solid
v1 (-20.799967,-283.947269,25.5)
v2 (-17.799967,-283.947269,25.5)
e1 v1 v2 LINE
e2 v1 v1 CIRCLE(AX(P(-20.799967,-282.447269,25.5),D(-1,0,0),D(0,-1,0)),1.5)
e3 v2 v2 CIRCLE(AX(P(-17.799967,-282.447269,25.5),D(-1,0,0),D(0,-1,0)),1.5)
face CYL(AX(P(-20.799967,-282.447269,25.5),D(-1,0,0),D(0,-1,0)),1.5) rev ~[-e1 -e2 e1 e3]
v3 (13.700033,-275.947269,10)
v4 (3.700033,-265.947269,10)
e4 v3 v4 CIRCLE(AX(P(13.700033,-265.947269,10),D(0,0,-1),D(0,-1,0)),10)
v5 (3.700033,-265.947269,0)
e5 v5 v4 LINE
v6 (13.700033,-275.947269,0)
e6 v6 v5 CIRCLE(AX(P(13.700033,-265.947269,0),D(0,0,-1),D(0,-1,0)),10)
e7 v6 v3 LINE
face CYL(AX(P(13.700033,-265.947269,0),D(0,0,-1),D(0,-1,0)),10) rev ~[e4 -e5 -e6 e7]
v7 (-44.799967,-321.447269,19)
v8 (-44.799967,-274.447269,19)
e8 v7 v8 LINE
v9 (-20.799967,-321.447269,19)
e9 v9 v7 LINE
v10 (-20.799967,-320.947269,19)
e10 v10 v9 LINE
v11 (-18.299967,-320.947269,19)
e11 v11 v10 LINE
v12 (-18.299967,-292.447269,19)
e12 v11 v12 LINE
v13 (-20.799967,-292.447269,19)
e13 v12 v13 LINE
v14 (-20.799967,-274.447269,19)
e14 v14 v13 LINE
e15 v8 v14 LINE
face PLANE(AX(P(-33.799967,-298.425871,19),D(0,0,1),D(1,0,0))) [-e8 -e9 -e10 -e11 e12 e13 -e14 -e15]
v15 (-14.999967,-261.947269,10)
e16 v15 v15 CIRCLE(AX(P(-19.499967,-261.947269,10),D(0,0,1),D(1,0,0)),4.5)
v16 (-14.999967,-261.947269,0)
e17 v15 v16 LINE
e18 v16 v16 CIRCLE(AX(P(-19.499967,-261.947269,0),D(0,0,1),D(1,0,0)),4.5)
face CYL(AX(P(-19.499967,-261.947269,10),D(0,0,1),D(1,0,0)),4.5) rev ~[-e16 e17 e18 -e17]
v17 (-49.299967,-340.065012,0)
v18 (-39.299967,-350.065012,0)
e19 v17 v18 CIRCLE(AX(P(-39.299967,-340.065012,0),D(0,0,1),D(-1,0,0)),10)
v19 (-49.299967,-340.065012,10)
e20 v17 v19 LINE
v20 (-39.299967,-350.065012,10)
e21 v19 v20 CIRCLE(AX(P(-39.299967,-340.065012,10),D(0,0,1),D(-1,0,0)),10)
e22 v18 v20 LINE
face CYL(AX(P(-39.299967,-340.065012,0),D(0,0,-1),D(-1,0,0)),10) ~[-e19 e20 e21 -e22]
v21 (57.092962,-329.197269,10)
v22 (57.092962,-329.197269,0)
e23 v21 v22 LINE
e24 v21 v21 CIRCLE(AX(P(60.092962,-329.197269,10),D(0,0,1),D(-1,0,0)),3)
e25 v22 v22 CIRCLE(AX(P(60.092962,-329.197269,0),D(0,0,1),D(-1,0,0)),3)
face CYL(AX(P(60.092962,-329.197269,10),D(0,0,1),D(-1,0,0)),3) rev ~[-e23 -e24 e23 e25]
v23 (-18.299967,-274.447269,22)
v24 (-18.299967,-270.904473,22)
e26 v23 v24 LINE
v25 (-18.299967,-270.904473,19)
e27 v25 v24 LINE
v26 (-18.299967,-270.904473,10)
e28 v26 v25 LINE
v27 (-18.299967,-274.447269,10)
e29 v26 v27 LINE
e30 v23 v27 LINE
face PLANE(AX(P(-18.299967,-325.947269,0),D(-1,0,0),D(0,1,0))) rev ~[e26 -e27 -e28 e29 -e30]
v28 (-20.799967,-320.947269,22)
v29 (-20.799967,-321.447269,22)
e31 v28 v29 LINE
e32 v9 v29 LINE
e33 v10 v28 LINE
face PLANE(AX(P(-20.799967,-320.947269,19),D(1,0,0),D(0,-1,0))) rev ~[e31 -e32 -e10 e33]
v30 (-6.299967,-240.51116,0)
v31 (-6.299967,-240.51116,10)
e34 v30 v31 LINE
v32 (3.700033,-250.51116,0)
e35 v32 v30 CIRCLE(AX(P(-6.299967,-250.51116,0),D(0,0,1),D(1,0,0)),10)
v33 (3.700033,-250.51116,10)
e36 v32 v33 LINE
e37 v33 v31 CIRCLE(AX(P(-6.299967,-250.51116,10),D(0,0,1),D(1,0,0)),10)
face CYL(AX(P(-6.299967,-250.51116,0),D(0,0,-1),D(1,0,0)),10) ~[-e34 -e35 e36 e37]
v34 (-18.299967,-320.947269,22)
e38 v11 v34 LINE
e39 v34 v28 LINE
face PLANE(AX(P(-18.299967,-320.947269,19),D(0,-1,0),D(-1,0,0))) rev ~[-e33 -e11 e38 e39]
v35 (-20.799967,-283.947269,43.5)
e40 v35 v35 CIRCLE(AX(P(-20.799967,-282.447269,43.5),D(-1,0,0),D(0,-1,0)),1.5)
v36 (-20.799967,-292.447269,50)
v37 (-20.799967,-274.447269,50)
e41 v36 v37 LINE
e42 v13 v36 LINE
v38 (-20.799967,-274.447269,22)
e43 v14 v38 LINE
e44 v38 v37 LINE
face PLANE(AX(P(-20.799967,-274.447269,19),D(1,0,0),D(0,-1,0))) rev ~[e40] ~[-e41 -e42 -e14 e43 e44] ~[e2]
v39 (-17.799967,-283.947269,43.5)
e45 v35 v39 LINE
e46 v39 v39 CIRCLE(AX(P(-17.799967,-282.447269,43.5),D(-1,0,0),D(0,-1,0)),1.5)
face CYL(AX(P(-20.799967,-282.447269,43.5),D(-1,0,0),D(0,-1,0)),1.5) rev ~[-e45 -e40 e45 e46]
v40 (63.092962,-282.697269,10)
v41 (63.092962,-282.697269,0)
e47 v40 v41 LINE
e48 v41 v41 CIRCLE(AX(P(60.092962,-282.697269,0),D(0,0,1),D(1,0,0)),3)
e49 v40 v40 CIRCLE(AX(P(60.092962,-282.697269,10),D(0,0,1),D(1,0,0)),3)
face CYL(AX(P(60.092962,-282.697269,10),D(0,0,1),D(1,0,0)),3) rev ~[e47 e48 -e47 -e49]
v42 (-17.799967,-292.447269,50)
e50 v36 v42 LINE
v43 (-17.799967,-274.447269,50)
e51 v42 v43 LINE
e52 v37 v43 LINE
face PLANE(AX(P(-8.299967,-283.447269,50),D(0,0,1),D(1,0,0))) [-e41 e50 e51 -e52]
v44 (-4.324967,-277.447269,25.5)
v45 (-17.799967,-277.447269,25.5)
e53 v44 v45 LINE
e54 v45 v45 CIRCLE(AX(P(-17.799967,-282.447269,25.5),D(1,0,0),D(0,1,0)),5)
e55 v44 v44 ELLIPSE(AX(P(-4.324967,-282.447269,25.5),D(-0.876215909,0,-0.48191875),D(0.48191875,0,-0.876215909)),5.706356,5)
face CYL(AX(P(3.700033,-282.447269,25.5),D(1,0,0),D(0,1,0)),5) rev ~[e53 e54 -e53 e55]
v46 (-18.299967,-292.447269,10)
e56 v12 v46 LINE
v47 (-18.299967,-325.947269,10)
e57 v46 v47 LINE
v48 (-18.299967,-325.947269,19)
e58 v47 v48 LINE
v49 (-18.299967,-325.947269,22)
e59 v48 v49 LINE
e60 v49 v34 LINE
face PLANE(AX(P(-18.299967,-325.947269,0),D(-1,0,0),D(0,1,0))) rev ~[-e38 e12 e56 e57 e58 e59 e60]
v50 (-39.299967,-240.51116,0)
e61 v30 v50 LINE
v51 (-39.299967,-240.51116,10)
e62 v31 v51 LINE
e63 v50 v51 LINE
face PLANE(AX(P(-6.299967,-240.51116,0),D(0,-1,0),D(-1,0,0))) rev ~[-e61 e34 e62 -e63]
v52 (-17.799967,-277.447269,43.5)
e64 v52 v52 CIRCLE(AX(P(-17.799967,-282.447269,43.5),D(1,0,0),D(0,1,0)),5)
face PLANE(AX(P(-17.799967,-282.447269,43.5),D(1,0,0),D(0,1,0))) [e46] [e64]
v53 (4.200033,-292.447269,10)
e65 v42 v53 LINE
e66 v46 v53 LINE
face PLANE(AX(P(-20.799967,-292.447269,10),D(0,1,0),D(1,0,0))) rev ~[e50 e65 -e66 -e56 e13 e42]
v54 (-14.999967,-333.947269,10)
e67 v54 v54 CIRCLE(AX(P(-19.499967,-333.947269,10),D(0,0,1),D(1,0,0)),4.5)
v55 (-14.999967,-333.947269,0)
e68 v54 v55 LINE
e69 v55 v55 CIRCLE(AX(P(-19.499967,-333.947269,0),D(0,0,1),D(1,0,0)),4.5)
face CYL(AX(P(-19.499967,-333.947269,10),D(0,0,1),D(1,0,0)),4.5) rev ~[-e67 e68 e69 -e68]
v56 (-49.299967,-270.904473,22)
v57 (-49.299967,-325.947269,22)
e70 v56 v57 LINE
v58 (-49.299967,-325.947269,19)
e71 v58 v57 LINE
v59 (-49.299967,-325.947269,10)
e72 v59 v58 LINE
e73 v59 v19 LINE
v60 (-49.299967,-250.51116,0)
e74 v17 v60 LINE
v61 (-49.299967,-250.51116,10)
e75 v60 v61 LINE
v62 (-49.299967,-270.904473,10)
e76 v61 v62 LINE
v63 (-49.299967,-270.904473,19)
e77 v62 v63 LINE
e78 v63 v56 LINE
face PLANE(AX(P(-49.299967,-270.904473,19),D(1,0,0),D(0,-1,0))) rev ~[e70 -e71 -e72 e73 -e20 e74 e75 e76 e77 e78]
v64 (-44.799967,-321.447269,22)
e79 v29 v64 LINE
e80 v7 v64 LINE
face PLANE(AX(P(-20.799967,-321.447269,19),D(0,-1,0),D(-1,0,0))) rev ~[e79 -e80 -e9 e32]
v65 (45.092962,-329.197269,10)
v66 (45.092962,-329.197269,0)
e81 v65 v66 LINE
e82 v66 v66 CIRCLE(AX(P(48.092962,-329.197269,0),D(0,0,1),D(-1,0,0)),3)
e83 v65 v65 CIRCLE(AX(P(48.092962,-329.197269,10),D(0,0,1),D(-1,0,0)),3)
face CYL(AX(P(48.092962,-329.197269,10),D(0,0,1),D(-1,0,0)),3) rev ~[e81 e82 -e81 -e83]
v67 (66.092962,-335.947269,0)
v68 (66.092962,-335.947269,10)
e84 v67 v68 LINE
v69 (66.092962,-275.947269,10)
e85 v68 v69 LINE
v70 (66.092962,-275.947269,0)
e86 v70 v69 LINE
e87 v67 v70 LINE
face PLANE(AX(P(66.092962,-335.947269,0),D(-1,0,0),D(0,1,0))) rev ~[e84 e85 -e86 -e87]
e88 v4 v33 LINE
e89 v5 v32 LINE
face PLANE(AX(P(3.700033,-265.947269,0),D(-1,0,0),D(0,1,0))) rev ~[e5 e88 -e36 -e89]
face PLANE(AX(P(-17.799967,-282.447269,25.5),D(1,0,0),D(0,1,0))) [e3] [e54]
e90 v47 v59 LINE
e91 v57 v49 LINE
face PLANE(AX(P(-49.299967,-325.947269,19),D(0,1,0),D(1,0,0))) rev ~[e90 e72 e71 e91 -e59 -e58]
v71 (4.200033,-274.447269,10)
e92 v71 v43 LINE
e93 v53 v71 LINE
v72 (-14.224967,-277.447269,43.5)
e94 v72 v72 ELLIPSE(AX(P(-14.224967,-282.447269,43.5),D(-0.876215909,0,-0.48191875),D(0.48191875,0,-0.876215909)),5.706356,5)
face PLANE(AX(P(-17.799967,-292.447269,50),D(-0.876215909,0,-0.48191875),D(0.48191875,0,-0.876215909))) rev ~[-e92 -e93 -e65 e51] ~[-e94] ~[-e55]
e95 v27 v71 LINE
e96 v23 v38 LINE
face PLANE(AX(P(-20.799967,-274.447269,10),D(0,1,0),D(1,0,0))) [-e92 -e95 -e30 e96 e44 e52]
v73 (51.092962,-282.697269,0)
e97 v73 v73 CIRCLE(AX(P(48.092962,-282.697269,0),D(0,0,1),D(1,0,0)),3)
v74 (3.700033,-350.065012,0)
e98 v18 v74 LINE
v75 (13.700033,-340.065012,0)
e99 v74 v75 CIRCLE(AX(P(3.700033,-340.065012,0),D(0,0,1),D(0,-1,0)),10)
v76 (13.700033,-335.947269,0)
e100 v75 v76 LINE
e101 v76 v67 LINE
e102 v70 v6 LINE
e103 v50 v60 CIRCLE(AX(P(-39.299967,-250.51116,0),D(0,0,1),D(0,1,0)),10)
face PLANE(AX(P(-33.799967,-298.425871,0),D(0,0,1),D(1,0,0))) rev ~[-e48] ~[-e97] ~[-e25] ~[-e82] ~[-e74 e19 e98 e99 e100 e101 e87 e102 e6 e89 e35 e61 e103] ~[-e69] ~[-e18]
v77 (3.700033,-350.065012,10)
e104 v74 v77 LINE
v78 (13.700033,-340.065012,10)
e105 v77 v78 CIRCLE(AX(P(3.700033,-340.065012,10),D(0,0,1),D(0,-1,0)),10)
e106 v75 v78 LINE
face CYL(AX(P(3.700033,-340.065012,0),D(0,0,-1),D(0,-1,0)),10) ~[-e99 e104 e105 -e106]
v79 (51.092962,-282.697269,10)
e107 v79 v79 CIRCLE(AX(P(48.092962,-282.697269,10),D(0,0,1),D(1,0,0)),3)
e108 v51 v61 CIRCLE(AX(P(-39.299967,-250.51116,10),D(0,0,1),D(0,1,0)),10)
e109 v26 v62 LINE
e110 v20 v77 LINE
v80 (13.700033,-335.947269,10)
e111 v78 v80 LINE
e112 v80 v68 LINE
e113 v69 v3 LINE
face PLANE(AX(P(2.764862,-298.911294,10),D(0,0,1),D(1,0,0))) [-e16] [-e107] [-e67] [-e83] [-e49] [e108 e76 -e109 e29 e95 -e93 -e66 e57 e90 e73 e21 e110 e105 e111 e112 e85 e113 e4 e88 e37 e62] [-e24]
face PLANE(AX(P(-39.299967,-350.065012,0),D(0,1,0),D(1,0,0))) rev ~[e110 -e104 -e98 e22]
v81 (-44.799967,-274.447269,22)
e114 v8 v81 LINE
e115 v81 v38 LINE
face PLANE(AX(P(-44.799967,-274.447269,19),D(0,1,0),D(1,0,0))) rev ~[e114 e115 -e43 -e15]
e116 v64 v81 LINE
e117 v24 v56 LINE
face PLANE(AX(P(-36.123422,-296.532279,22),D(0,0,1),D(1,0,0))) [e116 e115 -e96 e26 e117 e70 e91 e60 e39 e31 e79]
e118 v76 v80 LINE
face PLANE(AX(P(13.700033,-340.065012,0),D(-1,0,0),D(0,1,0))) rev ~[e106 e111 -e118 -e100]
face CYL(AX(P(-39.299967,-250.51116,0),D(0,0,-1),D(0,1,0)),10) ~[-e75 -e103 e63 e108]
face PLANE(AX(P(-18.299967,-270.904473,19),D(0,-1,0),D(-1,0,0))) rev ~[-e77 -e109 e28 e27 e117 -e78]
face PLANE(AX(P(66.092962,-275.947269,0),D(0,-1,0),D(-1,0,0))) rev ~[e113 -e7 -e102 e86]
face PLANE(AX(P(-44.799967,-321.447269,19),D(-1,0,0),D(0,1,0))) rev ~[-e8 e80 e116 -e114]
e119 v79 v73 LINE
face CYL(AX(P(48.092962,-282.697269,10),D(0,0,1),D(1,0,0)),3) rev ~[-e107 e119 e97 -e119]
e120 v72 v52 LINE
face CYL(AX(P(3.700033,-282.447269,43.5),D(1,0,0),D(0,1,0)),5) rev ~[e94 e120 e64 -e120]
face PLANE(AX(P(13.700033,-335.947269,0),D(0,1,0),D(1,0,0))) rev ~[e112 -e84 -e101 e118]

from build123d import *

# Parameters (mm, degrees)
BOSS_EXTRUDE1_DEPTH = 10
SKETCH1_3_W         = 31
SKETCH1_3_H         = 55.042796233
BOSS_EXTRUDE2_DEPTH = 19
BOSS_EXTRUDE3_DEPTH = 3
SKETCH8_W           = 25
SKETCH8_H           = 18
BOSS_EXTRUDE4_DEPTH = 40
CUT_EXTRUDE2_DEPTH  = 101.93603831
SKETCH11_R          = 1.5
CUT_EXTRUDE3_DEPTH  = 365.137190302
SKETCH12_R          = 5
CUT_EXTRUDE4_DEPTH  = 21.5
SKETCH13_R          = 4.5
CUT_EXTRUDE5_DEPTH  = 359.488203344
SKETCH14_R          = 3
CUT_EXTRUDE6_DEPTH  = 359.488203344


with BuildPart() as part:
    # Sketch1 → Boss-Extrude1 (new body)
    with BuildSketch(Plane.XY):
        with BuildLine():
            ThreePointArc((3.70003333, -250.511159837), (0.771101142, -243.440092025), (-6.29996667, -240.511159837))
            Line((-6.29996667, -240.511159837), (-39.29996667, -240.511159837))
            ThreePointArc((-39.29996667, -240.511159837), (-46.371034482, -243.440092025), (-49.29996667, -250.511159837))
            Line((-49.29996667, -250.511159837), (-49.29996667, -340.06501156))
            ThreePointArc((-49.29996667, -340.06501156), (-46.371034482, -347.136079372), (-39.29996667, -350.06501156))
            Line((-39.29996667, -350.06501156), (3.70003333, -350.06501156))
            ThreePointArc((3.70003333, -350.06501156), (10.771101142, -347.136079372), (13.70003333, -340.06501156))
            Line((13.70003333, -340.06501156), (13.70003333, -335.947269399))
            Line((13.70003333, -335.947269399), (66.09296194, -335.947269399))
            Line((66.09296194, -335.947269399), (66.09296194, -275.947269399))
            Line((66.09296194, -275.947269399), (13.70003333, -275.947269399))
            ThreePointArc((13.70003333, -275.947269399), (6.628965518, -273.018337211), (3.70003333, -265.947269399))
            Line((3.70003333, -265.947269399), (3.70003333, -250.511159837))
        make_face()
    extrude(amount=BOSS_EXTRUDE1_DEPTH)

    # Sketch1<3> → Boss-Extrude2 (add)
    with BuildSketch(Plane.XY):
        with Locations((-33.79996667, -298.425871282)):
            Rectangle(SKETCH1_3_W, SKETCH1_3_H)
    extrude(amount=BOSS_EXTRUDE2_DEPTH)

    # Sketch2 → Boss-Extrude3 (add)
    with BuildSketch(Plane.XY.offset(19)):
        Polygon((-44.79996667, -321.447269399), (-44.79996667, -274.447269399), (-20.79996667, -274.447269399), (-20.79996667, -292.147269399), (-18.29996667, -292.147269399), (-18.29996667, -270.904473166), (-49.29996667, -270.904473166), (-49.29996667, -325.947269399), (-18.29996667, -325.947269399), (-18.29996667, -320.947269399), (-20.79996667, -320.947269399), (-20.79996667, -321.447269399), align=None)
    extrude(amount=BOSS_EXTRUDE3_DEPTH)

    # Sketch8 → Boss-Extrude4 (add)
    with BuildSketch(Plane.XY.offset(10)):
        with Locations((-8.29996667, -283.447269399)):
            Rectangle(SKETCH8_W, SKETCH8_H)
    extrude(amount=BOSS_EXTRUDE4_DEPTH)

    # Sketch9 → Cut-Extrude2 (cut, through all)
    with BuildSketch(Plane.XZ.offset(292.447269399)):
        Polygon((-17.79996667, 50), (4.20003333, 10), (4.20003333, 50), align=None)
    extrude(amount=-CUT_EXTRUDE2_DEPTH, mode=Mode.SUBTRACT)

    # Sketch11 → Cut-Extrude3 (cut, through all)
    with BuildSketch(Plane.ZY.offset(20.79996667)):
        with Locations(Location((43.5, -282.447269399, 0), (0, 0, 270))):
            Circle(SKETCH11_R)
        with Locations(Location((25.5, -282.447269399, 0), (0, 0, 270))):
            Circle(SKETCH11_R)
    extrude(amount=-CUT_EXTRUDE3_DEPTH, mode=Mode.SUBTRACT)

    # Sketch12 → Cut-Extrude4 (cut)
    with BuildSketch(Plane(origin=(3.70003333, 0, 0), x_dir=(0, 0, -1), z_dir=(1, 0, 0))):
        with Locations(Location((-43.5, -282.447269399, 0), (0, 0, 90))):
            Circle(SKETCH12_R)
        with Locations(Location((-25.5, -282.447269399, 0), (0, 0, 90))):
            Circle(SKETCH12_R)
    extrude(amount=-CUT_EXTRUDE4_DEPTH, mode=Mode.SUBTRACT)

    # Sketch13 → Cut-Extrude5 (cut, through all)
    with BuildSketch(Plane.XY.offset(10)):
        with Locations((-19.49996667, -261.947269399)):
            Circle(SKETCH13_R)
        with Locations((-19.49996667, -333.947269399)):
            Circle(SKETCH13_R)
    extrude(amount=-CUT_EXTRUDE5_DEPTH, mode=Mode.SUBTRACT)

    # Sketch14 → Cut-Extrude6 (cut, through all)
    with BuildSketch(Plane.XY.offset(10)):
        with Locations((60.09296194, -282.697269399)):
            Circle(SKETCH14_R)
        with Locations((48.092961938, -282.697269399)):
            Circle(SKETCH14_R)
        with Locations(Location((60.09296194, -329.197269399, 0), (0, 0, 180))):
            Circle(SKETCH14_R)
        with Locations(Location((48.092961938, -329.197269399, 0), (0, 0, 180))):
            Circle(SKETCH14_R)
    extrude(amount=-CUT_EXTRUDE6_DEPTH, mode=Mode.SUBTRACT)


solid = part.part
